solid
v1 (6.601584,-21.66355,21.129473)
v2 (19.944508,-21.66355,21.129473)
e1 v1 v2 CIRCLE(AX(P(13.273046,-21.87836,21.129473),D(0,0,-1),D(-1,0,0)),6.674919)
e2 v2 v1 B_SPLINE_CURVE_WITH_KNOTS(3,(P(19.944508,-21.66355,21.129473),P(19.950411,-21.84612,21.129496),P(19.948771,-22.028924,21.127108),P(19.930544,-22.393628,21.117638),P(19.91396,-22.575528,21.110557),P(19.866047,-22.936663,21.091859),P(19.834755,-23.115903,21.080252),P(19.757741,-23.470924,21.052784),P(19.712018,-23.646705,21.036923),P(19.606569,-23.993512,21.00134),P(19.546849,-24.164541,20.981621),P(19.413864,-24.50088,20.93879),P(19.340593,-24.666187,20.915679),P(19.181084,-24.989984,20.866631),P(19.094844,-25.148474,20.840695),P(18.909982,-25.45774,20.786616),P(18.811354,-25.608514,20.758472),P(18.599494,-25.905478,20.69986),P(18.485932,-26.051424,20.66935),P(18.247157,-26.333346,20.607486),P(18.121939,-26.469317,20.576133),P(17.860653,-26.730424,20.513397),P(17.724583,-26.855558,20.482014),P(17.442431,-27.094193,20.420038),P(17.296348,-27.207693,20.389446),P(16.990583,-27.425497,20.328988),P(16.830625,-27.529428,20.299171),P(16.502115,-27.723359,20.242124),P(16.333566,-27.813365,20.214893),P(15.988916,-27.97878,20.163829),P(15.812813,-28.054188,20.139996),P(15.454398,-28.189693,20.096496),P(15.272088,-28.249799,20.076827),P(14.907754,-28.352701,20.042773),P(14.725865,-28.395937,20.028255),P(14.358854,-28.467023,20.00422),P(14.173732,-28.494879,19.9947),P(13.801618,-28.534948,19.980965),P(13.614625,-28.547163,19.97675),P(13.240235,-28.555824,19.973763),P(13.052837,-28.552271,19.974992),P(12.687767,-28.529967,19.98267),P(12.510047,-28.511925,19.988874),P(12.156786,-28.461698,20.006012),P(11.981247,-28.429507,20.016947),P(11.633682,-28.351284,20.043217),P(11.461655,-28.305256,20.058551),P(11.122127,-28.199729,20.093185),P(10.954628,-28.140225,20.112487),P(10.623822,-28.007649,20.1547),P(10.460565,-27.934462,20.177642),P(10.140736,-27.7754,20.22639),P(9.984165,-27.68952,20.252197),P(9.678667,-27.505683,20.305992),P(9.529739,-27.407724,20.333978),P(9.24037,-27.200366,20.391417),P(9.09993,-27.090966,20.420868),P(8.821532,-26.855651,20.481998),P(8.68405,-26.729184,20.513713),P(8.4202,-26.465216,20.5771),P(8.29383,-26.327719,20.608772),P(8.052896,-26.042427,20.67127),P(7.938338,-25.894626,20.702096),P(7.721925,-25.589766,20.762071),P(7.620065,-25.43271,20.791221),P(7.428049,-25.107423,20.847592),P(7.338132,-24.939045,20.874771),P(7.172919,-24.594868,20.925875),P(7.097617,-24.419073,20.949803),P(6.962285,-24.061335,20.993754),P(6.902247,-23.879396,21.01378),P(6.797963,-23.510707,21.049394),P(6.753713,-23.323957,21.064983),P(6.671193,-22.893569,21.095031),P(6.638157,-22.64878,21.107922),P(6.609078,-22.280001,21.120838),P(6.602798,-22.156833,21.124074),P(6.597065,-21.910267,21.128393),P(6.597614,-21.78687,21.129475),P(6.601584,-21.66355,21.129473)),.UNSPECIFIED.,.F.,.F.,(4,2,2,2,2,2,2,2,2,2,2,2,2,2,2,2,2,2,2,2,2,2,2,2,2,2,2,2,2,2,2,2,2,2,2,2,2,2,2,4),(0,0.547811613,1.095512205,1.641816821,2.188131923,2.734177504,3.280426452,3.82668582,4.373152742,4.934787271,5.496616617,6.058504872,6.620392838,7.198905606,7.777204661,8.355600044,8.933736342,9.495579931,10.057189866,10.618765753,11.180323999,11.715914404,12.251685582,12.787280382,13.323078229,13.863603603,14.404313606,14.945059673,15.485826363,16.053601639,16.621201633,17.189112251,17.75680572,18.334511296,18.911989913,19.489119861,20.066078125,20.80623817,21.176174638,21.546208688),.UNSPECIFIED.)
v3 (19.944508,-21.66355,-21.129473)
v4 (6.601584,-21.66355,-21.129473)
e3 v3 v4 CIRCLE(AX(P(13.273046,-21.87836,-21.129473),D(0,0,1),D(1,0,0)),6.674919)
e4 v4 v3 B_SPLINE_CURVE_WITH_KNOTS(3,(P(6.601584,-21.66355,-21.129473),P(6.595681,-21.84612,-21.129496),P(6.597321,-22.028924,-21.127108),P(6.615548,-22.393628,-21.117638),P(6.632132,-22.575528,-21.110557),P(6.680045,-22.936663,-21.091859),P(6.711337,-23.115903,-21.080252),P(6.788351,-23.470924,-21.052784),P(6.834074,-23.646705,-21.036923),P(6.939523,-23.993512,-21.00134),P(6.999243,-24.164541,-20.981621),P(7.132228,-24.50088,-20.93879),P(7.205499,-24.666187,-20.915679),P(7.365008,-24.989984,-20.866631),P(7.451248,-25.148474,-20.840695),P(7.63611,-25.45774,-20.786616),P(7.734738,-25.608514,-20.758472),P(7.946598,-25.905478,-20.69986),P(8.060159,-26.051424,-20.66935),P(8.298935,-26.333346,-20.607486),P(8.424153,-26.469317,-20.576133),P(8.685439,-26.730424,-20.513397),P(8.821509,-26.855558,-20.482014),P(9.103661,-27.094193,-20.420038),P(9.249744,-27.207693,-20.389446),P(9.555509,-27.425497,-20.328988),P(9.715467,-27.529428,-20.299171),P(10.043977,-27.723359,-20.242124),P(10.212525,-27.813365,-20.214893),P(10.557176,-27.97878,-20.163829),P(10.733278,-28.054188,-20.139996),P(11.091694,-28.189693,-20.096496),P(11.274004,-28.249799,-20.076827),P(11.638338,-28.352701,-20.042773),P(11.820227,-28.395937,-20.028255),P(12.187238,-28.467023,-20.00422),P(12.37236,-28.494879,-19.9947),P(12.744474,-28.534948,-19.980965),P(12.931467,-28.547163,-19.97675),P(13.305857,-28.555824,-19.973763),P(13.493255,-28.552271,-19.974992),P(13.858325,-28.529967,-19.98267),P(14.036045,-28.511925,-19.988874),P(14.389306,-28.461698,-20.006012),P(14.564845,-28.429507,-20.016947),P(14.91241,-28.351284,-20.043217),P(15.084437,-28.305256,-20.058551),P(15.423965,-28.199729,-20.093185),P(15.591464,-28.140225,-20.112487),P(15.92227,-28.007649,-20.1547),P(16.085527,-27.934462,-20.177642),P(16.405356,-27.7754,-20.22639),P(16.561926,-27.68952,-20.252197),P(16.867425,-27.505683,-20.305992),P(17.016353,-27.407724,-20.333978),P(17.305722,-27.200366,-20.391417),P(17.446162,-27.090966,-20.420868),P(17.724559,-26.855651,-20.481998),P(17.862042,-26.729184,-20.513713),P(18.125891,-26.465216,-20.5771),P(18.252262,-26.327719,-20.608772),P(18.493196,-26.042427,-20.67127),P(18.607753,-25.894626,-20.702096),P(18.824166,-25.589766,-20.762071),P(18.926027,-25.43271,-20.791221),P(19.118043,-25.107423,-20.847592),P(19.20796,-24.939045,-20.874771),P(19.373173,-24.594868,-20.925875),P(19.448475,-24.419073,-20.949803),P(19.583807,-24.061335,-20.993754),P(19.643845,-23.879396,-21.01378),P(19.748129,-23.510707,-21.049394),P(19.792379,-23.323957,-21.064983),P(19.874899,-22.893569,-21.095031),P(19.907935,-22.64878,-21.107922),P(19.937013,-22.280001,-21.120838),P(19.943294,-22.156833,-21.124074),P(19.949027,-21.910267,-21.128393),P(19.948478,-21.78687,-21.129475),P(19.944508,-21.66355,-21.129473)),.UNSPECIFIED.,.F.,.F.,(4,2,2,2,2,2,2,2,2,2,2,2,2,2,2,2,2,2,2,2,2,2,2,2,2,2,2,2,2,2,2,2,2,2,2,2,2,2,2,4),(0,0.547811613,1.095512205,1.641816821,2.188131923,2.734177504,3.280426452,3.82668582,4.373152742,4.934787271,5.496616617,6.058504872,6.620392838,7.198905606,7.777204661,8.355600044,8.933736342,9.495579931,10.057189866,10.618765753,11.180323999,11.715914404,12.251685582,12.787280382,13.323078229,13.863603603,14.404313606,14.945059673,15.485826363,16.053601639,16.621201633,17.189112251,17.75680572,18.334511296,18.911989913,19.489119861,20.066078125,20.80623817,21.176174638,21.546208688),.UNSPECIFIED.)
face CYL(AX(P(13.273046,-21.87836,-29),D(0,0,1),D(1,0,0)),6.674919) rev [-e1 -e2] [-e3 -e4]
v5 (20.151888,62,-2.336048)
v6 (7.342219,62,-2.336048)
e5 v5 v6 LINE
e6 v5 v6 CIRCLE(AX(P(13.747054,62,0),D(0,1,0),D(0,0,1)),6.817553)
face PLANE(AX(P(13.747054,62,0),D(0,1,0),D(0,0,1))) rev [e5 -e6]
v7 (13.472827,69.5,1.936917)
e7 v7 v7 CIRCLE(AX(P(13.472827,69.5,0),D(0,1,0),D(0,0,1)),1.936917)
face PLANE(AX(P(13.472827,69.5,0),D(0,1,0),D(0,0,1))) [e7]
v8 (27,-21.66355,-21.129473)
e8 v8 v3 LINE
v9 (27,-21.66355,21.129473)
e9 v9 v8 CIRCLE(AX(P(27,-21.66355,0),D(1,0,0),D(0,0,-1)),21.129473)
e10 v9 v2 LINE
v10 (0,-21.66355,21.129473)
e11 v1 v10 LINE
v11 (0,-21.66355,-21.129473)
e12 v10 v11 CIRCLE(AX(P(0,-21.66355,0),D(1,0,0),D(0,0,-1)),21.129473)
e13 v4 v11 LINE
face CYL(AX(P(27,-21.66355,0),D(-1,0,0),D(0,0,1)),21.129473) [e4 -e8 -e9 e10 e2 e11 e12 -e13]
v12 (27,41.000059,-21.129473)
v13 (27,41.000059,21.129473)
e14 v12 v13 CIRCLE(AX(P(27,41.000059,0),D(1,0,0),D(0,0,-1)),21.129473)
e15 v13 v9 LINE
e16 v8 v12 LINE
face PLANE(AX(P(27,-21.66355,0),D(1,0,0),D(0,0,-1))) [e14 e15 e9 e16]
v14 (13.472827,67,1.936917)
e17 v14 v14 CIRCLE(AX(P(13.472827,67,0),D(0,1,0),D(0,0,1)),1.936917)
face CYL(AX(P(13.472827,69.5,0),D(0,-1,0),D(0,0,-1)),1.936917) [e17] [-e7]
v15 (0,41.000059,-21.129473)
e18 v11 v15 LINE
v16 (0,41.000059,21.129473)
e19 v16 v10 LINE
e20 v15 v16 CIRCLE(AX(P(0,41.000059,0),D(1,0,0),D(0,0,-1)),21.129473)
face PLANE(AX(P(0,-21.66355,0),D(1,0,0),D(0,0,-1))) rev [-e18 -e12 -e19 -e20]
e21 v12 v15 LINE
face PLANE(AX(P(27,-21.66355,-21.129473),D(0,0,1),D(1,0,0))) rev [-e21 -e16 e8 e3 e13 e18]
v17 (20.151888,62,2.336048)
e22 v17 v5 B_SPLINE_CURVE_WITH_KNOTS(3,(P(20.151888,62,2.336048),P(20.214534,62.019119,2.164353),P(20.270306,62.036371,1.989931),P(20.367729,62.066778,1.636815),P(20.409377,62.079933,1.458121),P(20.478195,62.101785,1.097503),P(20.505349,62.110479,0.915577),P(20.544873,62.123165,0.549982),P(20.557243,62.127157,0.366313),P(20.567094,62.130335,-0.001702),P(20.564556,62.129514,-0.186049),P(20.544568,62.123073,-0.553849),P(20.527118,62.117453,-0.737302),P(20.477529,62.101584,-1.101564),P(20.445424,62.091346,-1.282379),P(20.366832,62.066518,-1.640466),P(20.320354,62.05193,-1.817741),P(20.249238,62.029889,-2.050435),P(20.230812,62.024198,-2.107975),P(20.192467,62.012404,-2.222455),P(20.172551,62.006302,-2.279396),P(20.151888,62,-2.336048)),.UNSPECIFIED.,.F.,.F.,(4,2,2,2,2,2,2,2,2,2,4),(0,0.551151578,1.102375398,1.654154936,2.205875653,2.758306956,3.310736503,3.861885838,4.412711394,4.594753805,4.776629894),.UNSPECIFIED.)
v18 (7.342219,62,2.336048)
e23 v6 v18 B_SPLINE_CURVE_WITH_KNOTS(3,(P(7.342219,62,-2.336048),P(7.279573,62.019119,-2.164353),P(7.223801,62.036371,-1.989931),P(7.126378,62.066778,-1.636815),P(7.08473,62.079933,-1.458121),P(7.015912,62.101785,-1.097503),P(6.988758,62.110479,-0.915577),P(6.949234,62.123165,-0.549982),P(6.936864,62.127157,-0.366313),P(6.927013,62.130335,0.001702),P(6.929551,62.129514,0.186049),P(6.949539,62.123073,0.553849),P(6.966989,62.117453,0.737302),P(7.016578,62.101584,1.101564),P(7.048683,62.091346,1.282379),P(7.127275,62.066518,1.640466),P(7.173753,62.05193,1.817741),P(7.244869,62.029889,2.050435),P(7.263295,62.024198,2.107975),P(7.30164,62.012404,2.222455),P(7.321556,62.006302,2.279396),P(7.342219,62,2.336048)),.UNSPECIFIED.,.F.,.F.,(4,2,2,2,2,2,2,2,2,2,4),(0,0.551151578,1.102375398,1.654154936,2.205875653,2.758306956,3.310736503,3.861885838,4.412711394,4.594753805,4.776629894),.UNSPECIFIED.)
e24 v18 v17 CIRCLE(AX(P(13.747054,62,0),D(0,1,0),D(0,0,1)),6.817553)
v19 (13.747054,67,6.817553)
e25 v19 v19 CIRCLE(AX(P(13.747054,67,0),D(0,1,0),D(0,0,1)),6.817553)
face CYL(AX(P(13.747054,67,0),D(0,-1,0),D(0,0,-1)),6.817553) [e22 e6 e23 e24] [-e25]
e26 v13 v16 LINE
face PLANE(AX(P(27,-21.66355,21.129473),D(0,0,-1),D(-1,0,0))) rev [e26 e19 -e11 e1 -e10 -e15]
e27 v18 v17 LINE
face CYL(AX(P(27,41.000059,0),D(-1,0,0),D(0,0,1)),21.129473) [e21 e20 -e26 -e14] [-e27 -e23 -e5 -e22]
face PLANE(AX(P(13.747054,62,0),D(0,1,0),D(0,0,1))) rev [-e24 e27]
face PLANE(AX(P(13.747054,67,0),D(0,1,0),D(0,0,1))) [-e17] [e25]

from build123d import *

# Parameters (mm, degrees)
BOSS_EXTRUDE2_DEPTH = 27
SKETCH6_R           = 6.674919097
CUT_EXTRUDE4_DEPTH  = 51
SKETCH7_R           = 6.817553131
BOSS_EXTRUDE3_DEPTH = 5
SKETCH8_R           = 1.936916623
BOSS_EXTRUDE4_DEPTH = 2.5


with BuildPart() as part:
    # Sketch3 → Boss-Extrude2 (new body)
    with BuildSketch(Plane(origin=(0, 0, 0), x_dir=(0, 0, -1), z_dir=(1, 0, 0))):
        with BuildLine():
            Line((-21.129473144, -21.663550217), (-21.129473144, 41.000059198))
            ThreePointArc((-21.129473144, 41.000059198), (0, 62.129532342), (21.129473144, 41.000059198))
            Line((21.129473144, 41.000059198), (21.129473144, -21.663550217))
            ThreePointArc((21.129473144, -21.663550217), (0, -42.793023362), (-21.129473144, -21.663550217))
        make_face()
    extrude(amount=BOSS_EXTRUDE2_DEPTH)

    # Sketch6 → Cut-Extrude4 (cut)
    with BuildSketch(Plane.XY.offset(22)):
        with Locations(Location((13.273045942, -21.878359575, 0), (0, 0, 1.844186398))):
            Circle(SKETCH6_R)
    extrude(amount=-CUT_EXTRUDE4_DEPTH, mode=Mode.SUBTRACT)

    # Sketch7 → Boss-Extrude3 (add)
    with BuildSketch(Plane(origin=(0, 62, 0), x_dir=(1, 0, 0), z_dir=(0, 1, 0))):
        with Locations(Location((13.747053519, 0, 0), (0, 0, 159.961468388))):
            Circle(SKETCH7_R)
    extrude(amount=BOSS_EXTRUDE3_DEPTH)

    # Sketch8 → Boss-Extrude4 (add)
    with BuildSketch(Plane(origin=(0, 67, 0), x_dir=(1, 0, 0), z_dir=(0, 1, 0))):
        with Locations(Location((13.472827278, 0, 0), (0, 0, 270))):
            Circle(SKETCH8_R)
    extrude(amount=BOSS_EXTRUDE4_DEPTH)


solid = part.part
